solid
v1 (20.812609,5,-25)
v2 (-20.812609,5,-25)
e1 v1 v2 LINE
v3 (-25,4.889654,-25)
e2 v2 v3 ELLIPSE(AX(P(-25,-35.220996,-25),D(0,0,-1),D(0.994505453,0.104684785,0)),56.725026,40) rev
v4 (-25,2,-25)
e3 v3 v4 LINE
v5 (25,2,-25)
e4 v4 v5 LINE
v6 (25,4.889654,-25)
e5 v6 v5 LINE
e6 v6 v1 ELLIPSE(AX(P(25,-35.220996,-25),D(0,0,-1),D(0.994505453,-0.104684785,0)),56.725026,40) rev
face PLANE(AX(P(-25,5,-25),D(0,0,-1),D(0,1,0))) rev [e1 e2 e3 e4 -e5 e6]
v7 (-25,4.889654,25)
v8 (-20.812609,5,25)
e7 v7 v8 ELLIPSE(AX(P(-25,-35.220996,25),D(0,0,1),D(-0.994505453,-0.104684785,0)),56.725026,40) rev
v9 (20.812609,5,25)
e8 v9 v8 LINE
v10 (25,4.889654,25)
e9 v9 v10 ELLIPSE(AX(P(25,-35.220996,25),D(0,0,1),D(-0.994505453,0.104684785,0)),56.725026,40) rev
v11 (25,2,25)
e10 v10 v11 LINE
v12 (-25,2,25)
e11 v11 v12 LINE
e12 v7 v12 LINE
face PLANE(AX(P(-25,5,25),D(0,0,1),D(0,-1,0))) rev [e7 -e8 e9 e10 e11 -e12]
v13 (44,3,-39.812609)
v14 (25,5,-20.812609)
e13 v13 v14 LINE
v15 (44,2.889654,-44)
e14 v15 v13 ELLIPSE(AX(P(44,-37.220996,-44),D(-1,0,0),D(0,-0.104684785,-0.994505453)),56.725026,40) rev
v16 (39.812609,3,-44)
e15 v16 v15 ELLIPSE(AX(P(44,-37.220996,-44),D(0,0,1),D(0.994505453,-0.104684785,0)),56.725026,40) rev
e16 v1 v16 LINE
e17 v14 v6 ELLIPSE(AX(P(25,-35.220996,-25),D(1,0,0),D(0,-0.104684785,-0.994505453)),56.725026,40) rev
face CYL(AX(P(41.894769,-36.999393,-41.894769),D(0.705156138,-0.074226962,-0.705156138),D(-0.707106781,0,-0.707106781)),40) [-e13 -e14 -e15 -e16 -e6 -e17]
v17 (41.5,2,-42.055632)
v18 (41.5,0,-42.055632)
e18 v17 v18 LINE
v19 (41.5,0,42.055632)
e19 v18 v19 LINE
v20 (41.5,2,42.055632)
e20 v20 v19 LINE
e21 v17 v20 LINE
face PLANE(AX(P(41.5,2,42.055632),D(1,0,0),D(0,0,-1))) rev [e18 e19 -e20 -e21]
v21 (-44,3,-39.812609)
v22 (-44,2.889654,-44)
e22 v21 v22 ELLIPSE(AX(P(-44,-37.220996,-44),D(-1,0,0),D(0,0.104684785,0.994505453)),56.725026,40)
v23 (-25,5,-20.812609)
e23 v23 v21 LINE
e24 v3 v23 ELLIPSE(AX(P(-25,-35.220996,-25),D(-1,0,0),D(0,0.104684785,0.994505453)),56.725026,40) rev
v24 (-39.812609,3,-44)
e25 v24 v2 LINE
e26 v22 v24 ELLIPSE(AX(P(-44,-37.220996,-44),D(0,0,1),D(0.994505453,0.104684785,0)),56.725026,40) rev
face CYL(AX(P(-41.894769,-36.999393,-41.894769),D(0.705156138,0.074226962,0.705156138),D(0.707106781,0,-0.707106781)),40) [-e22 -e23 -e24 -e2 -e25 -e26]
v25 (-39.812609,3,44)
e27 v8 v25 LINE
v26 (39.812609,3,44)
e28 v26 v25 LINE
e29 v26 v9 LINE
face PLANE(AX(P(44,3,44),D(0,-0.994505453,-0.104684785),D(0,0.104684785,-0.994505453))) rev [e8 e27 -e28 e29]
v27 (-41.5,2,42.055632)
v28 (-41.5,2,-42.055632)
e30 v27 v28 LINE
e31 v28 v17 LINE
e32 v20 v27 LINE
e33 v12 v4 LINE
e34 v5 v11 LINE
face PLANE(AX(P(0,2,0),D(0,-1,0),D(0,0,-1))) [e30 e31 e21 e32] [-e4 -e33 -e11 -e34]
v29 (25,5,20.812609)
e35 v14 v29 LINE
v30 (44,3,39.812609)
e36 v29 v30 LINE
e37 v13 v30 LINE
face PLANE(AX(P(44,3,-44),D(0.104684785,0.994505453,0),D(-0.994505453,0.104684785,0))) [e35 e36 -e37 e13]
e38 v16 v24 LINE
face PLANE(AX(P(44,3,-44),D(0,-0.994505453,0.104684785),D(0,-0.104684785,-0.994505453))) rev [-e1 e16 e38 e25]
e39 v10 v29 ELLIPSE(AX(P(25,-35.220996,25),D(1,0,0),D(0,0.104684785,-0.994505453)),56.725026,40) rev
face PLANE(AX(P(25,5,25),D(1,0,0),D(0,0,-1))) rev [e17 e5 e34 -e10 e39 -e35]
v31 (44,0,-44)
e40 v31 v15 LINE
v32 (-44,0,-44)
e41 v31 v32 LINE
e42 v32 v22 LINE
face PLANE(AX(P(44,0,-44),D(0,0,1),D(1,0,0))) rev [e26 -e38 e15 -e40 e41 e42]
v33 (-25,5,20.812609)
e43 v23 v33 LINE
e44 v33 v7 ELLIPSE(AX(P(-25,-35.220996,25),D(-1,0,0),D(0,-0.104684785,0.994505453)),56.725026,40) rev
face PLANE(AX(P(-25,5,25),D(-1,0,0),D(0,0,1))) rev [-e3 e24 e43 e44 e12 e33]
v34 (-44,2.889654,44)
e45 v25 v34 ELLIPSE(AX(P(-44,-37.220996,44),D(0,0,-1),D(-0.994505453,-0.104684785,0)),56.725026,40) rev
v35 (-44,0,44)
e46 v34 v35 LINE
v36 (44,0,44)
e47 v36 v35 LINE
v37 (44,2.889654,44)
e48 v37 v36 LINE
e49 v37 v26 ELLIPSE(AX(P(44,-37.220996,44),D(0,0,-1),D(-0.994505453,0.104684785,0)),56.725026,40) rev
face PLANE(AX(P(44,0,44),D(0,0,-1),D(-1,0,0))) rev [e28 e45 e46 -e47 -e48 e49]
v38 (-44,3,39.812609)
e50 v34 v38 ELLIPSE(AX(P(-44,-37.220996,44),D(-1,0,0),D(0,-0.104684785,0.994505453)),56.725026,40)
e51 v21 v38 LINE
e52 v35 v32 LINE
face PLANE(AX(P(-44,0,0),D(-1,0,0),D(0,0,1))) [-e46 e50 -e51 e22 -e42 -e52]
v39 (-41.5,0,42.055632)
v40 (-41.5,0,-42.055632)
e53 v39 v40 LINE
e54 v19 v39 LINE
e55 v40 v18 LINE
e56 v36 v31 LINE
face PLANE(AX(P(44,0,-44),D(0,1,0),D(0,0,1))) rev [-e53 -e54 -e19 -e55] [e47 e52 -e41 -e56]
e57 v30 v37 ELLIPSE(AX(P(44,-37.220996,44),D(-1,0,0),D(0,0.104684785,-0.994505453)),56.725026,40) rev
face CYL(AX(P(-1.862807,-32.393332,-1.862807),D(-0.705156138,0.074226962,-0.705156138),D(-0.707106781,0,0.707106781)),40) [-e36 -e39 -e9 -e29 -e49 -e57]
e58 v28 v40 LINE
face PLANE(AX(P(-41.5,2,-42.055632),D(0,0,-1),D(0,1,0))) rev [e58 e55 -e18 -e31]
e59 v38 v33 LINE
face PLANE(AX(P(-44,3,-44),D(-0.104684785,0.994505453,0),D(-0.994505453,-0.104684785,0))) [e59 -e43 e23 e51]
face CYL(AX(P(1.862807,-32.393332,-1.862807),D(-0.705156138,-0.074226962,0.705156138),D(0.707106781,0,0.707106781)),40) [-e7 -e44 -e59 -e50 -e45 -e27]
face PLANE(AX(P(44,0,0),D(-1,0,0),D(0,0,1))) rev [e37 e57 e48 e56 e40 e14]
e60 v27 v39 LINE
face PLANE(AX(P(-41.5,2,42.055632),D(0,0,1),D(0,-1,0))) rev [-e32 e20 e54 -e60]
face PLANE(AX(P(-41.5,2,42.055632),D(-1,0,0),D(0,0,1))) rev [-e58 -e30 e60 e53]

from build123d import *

# Parameters (mm, degrees)
EXTRUDE_1_DEPTH     = 44
SKETCH_2_OUTSIDE_W  = 114.91
SKETCH_2_OUTSIDE_H  = 31.91
CUT_EXTRUDE_1_DEPTH = 44
SKETCH_3_W          = 83
SKETCH_3_H          = 84.111264856
CUT_EXTRUDE_2_DEPTH = 2
SKETCH_5_W          = 50
SKETCH_5_H          = 50
CUT_EXTRUDE_3_DEPTH = 6
FILLET_1_R          = 40


with BuildPart() as part:
    # Эскиз1 → Бобышка-Вытянуть1 (new body, symmetric)
    with BuildSketch(Plane(origin=(0, 0, 0), x_dir=(0, 0, -1), z_dir=(1, 0, 0))):
        Polygon((44, 0), (-44, 0), (-44, 3), (-25, 5), (25, 5), (44, 3), align=None)
    extrude(amount=EXTRUDE_1_DEPTH, both=True)

    # Эскиз2 outside → Вырез-Вытянуть1 (cut, symmetric)
    with BuildSketch(Plane.XY):
        with Locations((0, 2.5)):
            Rectangle(SKETCH_2_OUTSIDE_W, SKETCH_2_OUTSIDE_H)
        Polygon((44, 0), (-44, 0), (-44, 3), (-25, 5), (25, 5), (44, 3), align=None, mode=Mode.SUBTRACT)
    extrude(amount=CUT_EXTRUDE_1_DEPTH, both=True, mode=Mode.SUBTRACT)

    # Эскиз3 → Вырез-Вытянуть2 (cut)
    with BuildSketch(Plane.XZ):
        Rectangle(SKETCH_3_W, SKETCH_3_H)
    extrude(amount=-CUT_EXTRUDE_2_DEPTH, mode=Mode.SUBTRACT)

    # Эскиз5 → Вырез-Вытянуть3 (cut, through all)
    with BuildSketch(Plane.XZ):
        Rectangle(SKETCH_5_W, SKETCH_5_H)
    extrude(amount=-CUT_EXTRUDE_3_DEPTH, mode=Mode.SUBTRACT)

    # Скругление1
    fillet_1_edges = [part.edges().sort_by_distance(p)[0] for p in [
        (34.5, 4, -34.5),
        (-34.5, 4, -34.5),
        (-34.5, 4, 34.5),
        (34.5, 4, 34.5),
    ]]
    fillet(fillet_1_edges, radius=FILLET_1_R)


solid = part.part
